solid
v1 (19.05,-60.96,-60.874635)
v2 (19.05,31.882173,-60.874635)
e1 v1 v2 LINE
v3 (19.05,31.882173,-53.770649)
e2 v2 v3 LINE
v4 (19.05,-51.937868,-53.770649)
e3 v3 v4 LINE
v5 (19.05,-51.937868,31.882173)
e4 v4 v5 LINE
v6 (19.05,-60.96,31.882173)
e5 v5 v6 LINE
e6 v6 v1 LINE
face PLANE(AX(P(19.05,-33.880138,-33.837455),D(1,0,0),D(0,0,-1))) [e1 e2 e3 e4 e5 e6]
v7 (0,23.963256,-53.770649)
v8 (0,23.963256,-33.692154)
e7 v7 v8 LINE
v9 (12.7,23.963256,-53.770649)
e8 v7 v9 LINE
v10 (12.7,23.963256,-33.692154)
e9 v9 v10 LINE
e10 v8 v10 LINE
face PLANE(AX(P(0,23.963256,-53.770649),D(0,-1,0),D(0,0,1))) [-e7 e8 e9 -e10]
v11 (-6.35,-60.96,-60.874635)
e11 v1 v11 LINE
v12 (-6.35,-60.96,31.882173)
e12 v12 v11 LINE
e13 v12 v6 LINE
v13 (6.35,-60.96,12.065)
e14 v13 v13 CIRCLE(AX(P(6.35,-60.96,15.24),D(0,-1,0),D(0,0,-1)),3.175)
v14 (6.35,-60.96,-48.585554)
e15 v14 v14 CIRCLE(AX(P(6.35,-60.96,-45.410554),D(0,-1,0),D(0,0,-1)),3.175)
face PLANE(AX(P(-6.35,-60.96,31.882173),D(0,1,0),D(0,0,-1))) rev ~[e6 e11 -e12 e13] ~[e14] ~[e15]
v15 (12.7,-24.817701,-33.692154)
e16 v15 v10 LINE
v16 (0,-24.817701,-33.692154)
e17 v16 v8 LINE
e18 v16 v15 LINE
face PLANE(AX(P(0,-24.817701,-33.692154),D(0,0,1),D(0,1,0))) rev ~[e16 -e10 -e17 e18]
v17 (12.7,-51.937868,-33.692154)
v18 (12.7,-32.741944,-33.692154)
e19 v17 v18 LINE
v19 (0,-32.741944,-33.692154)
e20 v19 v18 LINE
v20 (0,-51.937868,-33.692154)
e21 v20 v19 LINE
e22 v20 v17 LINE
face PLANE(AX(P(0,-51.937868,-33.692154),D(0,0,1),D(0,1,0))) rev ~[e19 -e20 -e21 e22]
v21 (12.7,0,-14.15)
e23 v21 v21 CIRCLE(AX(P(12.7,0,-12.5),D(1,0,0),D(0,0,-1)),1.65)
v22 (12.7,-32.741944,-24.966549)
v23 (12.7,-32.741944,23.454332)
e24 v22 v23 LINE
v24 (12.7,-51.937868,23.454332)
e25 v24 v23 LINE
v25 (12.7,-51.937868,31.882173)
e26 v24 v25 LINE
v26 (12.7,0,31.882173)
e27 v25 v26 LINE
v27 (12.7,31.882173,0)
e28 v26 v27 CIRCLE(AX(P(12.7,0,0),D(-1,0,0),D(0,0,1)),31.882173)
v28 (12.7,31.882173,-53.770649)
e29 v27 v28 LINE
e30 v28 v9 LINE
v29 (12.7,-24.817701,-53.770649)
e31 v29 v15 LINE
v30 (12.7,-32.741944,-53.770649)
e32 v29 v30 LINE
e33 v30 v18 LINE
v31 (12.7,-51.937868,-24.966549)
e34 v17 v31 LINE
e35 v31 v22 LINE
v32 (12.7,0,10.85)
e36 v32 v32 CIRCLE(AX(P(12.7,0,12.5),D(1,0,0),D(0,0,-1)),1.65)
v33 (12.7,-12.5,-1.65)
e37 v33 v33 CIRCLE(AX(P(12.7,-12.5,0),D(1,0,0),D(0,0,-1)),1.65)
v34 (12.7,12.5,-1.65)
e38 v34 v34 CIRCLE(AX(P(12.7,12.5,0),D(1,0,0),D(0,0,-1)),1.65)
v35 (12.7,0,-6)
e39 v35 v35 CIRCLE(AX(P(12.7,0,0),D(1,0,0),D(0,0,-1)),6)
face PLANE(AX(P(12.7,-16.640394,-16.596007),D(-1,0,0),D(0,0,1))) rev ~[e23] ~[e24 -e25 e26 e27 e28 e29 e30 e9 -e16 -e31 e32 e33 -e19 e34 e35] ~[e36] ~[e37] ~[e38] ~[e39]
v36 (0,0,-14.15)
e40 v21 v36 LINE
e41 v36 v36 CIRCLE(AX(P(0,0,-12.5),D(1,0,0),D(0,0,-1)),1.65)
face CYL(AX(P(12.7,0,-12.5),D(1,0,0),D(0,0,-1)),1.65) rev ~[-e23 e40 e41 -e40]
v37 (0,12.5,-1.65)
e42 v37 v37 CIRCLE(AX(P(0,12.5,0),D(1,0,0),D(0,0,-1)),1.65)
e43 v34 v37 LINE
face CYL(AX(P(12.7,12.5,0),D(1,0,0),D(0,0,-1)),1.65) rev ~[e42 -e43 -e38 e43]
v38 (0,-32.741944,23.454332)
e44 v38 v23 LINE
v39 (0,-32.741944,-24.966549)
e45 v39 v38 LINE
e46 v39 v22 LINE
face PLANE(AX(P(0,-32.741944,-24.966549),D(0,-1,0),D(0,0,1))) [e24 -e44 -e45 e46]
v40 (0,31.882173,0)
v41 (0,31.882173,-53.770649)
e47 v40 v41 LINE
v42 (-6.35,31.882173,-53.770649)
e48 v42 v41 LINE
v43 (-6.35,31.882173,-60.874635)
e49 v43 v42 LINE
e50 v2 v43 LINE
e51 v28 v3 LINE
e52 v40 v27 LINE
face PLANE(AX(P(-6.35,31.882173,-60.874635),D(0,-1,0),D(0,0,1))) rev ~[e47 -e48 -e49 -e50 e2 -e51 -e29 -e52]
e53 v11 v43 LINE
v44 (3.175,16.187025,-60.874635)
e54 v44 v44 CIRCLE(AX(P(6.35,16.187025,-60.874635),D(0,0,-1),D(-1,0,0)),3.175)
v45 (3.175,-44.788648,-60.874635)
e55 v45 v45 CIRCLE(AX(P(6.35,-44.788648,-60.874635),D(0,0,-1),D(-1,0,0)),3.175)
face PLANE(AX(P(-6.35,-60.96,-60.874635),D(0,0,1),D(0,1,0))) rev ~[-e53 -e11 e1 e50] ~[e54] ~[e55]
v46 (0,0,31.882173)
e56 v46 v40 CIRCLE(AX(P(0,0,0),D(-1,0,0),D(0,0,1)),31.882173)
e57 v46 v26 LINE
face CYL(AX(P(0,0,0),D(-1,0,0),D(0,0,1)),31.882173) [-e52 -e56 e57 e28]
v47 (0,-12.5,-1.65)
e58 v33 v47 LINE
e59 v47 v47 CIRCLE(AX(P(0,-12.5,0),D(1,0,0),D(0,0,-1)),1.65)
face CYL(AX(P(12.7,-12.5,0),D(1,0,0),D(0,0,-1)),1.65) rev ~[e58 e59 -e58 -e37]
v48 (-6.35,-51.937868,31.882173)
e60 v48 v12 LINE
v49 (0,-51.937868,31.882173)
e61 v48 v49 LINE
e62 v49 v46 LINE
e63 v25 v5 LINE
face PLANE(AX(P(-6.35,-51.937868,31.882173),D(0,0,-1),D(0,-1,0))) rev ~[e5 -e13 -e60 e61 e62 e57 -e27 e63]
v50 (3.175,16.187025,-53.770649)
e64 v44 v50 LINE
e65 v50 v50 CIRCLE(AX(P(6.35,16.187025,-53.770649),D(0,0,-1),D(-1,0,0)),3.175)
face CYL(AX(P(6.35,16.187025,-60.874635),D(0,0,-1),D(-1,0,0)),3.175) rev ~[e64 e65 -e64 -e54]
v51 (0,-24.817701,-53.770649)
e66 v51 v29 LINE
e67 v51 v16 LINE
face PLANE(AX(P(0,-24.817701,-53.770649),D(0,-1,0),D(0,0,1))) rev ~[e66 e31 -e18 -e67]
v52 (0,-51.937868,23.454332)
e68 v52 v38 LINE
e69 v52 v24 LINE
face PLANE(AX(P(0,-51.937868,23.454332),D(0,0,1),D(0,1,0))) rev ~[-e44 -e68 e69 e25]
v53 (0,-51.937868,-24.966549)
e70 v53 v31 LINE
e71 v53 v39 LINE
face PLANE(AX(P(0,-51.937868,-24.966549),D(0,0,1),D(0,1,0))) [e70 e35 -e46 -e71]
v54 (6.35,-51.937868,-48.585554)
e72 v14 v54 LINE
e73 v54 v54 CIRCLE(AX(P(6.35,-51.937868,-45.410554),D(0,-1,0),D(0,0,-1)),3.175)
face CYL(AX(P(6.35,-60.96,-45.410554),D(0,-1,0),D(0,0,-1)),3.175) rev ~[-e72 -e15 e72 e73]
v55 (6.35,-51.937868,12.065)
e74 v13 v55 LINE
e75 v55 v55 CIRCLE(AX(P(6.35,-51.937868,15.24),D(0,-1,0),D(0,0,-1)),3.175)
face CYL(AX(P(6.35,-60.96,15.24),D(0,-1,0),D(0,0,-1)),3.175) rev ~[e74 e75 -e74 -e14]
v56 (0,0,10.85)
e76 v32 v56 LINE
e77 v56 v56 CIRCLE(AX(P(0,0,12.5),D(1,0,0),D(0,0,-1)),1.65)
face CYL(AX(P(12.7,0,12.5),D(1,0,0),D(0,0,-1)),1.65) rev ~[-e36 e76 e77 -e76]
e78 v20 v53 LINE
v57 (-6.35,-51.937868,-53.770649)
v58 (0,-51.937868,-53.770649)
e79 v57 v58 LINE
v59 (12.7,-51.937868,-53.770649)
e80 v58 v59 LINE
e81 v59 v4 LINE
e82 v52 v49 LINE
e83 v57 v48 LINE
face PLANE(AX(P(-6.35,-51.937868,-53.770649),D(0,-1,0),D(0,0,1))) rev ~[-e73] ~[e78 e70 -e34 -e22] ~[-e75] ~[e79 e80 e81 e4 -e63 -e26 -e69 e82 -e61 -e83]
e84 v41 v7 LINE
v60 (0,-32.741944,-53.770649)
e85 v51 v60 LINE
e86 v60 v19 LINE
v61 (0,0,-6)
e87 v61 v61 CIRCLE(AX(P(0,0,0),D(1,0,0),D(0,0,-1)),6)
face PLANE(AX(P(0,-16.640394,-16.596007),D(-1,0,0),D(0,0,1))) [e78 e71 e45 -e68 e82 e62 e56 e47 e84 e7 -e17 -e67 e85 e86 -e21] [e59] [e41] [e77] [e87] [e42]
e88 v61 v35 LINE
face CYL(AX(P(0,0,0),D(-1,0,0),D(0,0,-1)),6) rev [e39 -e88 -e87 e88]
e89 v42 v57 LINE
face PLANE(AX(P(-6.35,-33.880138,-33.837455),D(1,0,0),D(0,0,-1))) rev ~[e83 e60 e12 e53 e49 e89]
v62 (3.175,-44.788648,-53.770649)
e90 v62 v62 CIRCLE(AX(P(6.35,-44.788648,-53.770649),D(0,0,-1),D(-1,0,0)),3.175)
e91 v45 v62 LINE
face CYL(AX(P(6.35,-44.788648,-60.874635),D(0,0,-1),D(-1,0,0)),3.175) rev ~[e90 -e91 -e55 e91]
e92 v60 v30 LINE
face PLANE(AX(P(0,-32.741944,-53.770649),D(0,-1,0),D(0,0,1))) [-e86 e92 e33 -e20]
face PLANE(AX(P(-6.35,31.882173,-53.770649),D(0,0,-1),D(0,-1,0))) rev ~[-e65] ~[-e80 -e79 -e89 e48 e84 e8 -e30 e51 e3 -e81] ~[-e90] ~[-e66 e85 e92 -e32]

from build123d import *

# Parameters (mm, degrees)
SKETCH1_R                = 6
BOSS_EXTRUDE1_DEPTH      = 12.7
BOSS_EXTRUDE2_DEPTH      = 6.35
BOSS_EXTRUDE2_DEPTH_BACK = 19.05
SKETCH4_W                = 20.078494948
SKETCH4_H                = 48.78095735
SKETCH4_W_2              = 48.420880553
SKETCH4_H_2              = 19.195923741
CUT_EXTRUDE2_DEPTH       = 26.162
SKETCH5_R                = 3.175
CUT_EXTRUDE3_DEPTH       = 11.43
SKETCH6_R                = 3.175
CUT_EXTRUDE4_DEPTH       = 11.43
SKETCH11_R               = 1.65
CUT_EXTRUDE7_DEPTH       = 21.844


with BuildPart() as part:
    # Sketch1 → Boss-Extrude1 (new body)
    with BuildSketch(Plane(origin=(0, 0, 0), x_dir=(0, 0, -1), z_dir=(1, 0, 0))):
        with BuildLine():
            Line((0, 31.882172919), (31.882172919, 31.882172919))
            Line((31.882172919, 31.882172919), (60.87463474, 31.882172919))
            Line((60.87463474, 31.882172919), (60.87463474, -60.96))
            Line((60.87463474, -60.96), (-31.882172919, -60.96))
            Line((-31.882172919, -60.96), (-31.882172919, 0))
            ThreePointArc((-31.882172919, 0), (-22.54410067, 22.54410067), (0, 31.882172919))
        make_face()
        Circle(SKETCH1_R, mode=Mode.SUBTRACT)
    extrude(amount=BOSS_EXTRUDE1_DEPTH)

    # Sketch8 → Boss-Extrude2 (add, two sides: drawn at the far end of the back side and taken through both)
    with BuildSketch(Plane(origin=(12.7, 0, 0), x_dir=(0, 0, -1), z_dir=(1, 0, 0)).offset(-BOSS_EXTRUDE2_DEPTH_BACK)):
        Polygon((60.87463474, 31.882172919), (53.770648903, 31.882172919), (53.770648903, -51.937867719), (-31.882172919, -51.937867719), (-31.882172919, -60.96), (53.770648903, -60.96), (60.87463474, -60.96), align=None)
    extrude(amount=BOSS_EXTRUDE2_DEPTH + BOSS_EXTRUDE2_DEPTH_BACK)

    # Sketch4 → Cut-Extrude2 (cut)
    with BuildSketch(Plane.ZY):
        with Locations((-43.731401429, -0.427222634)):
            Rectangle(SKETCH4_W, SKETCH4_H)
        with Locations((-0.75610861, -42.339905849)):
            Rectangle(SKETCH4_W_2, SKETCH4_H_2)
        with Locations((-43.731401429, -42.339905849)):
            Rectangle(SKETCH4_W, SKETCH4_H_2)
    extrude(amount=-CUT_EXTRUDE2_DEPTH, mode=Mode.SUBTRACT)

    # Sketch5 → Cut-Extrude3 (cut)
    with BuildSketch(Plane(origin=(0, 0, -60.87463474), x_dir=(-1, 0, 0), z_dir=(0, 0, -1))):
        with Locations((-6.35, 16.187024645)):
            Circle(SKETCH5_R)
        with Locations((-6.35, -44.788648077)):
            Circle(SKETCH5_R)
    extrude(amount=-CUT_EXTRUDE3_DEPTH, mode=Mode.SUBTRACT)

    # Sketch6 → Cut-Extrude4 (cut)
    with BuildSketch(Plane.XZ.offset(60.96)):
        with Locations((6.35, 15.24)):
            Circle(SKETCH6_R)
        with Locations((6.35, -45.41055385)):
            Circle(SKETCH6_R)
    extrude(amount=-CUT_EXTRUDE4_DEPTH, mode=Mode.SUBTRACT)

    # Sketch11 → Cut-Extrude7 (cut)
    with BuildSketch(Plane(origin=(12.7, 0, 0), x_dir=(0, 0, -1), z_dir=(1, 0, 0))):
        with Locations((0, -12.5)):
            Circle(SKETCH11_R)
        with Locations((-12.5, 0)):
            Circle(SKETCH11_R)
        with Locations((0, 12.5)):
            Circle(SKETCH11_R)
        with Locations((12.5, 0)):
            Circle(SKETCH11_R)
    extrude(amount=-CUT_EXTRUDE7_DEPTH, mode=Mode.SUBTRACT)


solid = part.part
